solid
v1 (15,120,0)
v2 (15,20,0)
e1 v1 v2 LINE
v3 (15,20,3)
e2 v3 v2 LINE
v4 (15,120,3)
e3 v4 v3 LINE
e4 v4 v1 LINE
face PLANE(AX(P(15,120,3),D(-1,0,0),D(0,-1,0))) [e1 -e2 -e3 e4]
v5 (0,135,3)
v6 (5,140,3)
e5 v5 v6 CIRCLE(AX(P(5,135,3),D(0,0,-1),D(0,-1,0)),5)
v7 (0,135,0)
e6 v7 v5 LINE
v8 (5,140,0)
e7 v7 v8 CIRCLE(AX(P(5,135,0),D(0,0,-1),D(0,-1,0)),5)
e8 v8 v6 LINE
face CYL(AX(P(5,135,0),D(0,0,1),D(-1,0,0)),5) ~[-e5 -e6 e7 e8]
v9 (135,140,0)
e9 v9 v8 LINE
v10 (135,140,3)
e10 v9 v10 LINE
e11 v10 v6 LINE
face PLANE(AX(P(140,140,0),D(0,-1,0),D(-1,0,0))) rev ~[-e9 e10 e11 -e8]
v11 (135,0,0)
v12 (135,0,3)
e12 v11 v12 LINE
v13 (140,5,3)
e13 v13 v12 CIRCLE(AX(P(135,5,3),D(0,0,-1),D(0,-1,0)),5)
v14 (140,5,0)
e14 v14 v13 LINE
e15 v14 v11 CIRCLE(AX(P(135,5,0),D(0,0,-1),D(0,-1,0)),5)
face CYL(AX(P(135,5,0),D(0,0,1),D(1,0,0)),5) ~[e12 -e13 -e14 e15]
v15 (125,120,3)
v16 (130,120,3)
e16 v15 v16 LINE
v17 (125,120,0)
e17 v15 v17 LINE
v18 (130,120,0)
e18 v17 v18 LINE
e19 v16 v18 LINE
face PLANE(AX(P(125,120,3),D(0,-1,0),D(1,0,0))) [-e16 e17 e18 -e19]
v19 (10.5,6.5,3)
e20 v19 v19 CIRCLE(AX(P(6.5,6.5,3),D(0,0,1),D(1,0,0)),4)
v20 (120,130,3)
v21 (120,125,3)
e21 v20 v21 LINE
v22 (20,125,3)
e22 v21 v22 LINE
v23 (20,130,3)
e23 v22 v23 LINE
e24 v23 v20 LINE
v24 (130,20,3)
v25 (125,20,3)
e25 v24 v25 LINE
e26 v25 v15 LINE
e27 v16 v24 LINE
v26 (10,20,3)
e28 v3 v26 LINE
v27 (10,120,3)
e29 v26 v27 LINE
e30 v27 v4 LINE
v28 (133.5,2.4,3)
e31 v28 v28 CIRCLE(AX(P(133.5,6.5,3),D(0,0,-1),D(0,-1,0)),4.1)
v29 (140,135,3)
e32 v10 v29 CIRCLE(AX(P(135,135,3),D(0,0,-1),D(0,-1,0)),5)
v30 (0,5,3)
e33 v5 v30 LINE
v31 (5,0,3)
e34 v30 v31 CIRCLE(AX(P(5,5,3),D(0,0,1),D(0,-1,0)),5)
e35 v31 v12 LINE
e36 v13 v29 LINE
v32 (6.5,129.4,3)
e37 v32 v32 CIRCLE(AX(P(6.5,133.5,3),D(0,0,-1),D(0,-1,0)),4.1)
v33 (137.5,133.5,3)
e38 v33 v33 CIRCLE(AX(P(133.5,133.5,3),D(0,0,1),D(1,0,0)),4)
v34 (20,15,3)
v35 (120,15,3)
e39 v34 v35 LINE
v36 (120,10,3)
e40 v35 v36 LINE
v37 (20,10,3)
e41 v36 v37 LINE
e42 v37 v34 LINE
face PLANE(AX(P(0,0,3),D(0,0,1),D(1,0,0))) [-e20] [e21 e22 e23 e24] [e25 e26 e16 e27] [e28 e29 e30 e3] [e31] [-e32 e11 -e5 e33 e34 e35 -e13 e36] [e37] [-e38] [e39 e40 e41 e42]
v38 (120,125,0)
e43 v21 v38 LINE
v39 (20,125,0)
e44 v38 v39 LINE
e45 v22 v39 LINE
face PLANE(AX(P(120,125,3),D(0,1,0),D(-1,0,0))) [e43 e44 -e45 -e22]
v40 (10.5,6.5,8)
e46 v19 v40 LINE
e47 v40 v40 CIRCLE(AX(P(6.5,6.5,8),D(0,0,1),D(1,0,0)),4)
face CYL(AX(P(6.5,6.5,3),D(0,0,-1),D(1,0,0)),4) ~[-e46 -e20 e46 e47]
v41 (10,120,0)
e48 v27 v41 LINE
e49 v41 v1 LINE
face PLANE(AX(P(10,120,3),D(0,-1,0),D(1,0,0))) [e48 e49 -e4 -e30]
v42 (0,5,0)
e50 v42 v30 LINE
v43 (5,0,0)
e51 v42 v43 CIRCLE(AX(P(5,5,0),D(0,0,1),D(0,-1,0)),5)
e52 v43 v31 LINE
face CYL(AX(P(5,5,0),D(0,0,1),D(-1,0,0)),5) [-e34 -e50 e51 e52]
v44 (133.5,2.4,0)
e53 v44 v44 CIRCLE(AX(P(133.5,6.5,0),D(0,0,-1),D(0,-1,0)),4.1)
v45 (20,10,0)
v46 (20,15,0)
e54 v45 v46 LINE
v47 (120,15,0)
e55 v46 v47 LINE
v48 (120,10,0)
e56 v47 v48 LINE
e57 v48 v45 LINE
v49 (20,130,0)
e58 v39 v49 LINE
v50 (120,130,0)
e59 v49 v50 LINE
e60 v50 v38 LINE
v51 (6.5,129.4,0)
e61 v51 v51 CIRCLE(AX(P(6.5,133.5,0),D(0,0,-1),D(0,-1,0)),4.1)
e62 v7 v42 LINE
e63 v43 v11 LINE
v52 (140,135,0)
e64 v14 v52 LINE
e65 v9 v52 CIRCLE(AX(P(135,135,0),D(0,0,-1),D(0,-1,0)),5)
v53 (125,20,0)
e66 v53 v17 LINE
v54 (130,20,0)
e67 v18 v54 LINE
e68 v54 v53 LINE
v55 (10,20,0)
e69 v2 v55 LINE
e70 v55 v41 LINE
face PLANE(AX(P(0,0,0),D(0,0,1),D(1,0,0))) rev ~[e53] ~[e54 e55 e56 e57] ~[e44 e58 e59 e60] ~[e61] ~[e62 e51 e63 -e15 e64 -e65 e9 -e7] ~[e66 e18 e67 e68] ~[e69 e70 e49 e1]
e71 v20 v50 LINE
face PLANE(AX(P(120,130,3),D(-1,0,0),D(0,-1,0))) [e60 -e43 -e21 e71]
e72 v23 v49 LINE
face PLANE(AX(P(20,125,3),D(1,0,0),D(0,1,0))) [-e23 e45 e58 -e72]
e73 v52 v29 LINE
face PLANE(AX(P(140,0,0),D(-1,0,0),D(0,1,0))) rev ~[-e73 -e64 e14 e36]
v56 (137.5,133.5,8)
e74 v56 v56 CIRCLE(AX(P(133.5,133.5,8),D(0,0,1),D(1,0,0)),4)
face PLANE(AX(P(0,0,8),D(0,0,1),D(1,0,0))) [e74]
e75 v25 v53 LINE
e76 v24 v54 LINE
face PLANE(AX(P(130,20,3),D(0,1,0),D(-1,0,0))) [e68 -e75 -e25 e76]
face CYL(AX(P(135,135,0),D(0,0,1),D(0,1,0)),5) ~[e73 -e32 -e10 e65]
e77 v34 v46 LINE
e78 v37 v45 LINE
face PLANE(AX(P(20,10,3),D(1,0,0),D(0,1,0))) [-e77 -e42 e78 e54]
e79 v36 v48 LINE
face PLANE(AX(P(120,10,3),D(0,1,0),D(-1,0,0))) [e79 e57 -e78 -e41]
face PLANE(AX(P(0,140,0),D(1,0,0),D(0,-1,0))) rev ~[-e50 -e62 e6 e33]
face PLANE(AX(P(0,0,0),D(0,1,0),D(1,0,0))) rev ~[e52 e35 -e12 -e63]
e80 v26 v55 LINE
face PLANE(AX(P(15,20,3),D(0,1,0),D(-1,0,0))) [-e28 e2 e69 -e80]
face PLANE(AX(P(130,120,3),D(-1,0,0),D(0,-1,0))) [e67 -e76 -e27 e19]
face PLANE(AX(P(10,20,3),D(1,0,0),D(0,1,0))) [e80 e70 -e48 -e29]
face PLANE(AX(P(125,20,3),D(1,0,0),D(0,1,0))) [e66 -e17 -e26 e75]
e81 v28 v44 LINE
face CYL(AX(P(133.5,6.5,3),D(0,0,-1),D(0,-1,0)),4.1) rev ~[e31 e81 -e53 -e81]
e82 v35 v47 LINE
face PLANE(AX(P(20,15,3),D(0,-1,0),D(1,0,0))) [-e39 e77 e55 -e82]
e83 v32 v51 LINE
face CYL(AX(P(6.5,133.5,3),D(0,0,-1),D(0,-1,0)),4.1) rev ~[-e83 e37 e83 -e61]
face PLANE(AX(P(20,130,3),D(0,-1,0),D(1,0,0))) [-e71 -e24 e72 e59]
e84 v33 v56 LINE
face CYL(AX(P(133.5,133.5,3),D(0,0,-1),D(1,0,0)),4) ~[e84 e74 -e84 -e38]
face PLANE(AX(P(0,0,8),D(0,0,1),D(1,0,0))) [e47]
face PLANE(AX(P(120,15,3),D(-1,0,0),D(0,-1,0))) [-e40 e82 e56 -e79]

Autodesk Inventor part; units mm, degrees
ref_plane "YZ Plane" through (0, 0, 0) normal (1, 0, 0) x (0, 1, 0)
ref_plane "XZ Plane" through (0, 0, 0) normal (0, 1, 0) x (-1, 0, 0)
ref_plane "XY Plane" through (0, 0, 0) normal (0, 0, 1) x (1, 0, 0)
sketch "Sketch1" plane through (0, 0, 0) normal (0, 0, 1) x (1, 0, 0)
  line L0 (0, 0) -> (140, 0)
  line L1 (140, 0) -> (140, 140)
  line L2 (140, 140) -> (0, 140)
  line L3 (0, 140) -> (0, 0)
  dimension "d0" = 140
  dimension "d1" = 140
extrude "Extrusion1" add sketch "Sketch1" along normal blind 3
fillet "Fillet1" radius 5 4 edges at (140, 140, 1.5) (140, 0, 1.5) (0, 140, 1.5) (0, 0, 1.5)
sketch "Sketch4" plane through (0, 0, 3) normal (0, 0, 1) x (1, 0, 0)
  line L0 (135, 140) -> (5, 140) projected
  line L1 (0, 135) -> (0, 5) projected
  line L2 (140, 5) -> (140, 135) projected
  line L3 (5, 0) -> (135, 0) projected
  point P0 (0, 0)
  point P1 (6.5, 133.5)
  point P2 (133.5, 6.5)
  dimension "d30" = 6.5
  dimension "d31" = 6.5
  dimension "d34" = 6.5
  dimension "d35" = 6.5
hole "Hole2" at (133.5, 6.5, 3) at (6.5, 133.5, 3) direction (0, 0, -1) diameter 8.2 depth 15
sketch "Sketch5" plane through (0, 0, 3) normal (0, 0, 1) x (1, 0, 0)
  line L0 (20, 130) -> (120, 130)
  line L1 (120, 130) -> (120, 125)
  line L2 (120, 125) -> (20, 125)
  line L3 (20, 125) -> (20, 130)
  line L4 (135, 140) -> (5, 140) projected
  line L5 (140, 5) -> (140, 135) projected
  line L6 (20, 15) -> (120, 15)
  line L7 (120, 15) -> (120, 10)
  line L8 (120, 10) -> (20, 10)
  line L9 (20, 10) -> (20, 15)
  line L10 (5, 0) -> (135, 0) projected
  line L11 (10, 120) -> (15, 120)
  line L12 (15, 120) -> (15, 20)
  line L13 (15, 20) -> (10, 20)
  line L14 (10, 20) -> (10, 120)
  line L15 (0, 135) -> (0, 5) projected
  line L16 (125, 120) -> (130, 120)
  line L17 (130, 120) -> (130, 20)
  line L18 (130, 20) -> (125, 20)
  line L19 (125, 20) -> (125, 120)
  point P0 (0, 0)
  dimension "d45" = 10
  dimension "d46" = 5
  dimension "d47" = 20
  dimension "d48" = 100
  dimension "d49" = 100
  dimension "d50" = 5
  dimension "d51" = 20
  dimension "d52" = 10
  dimension "d53" = 5
  dimension "d54" = 100
  dimension "d55" = 20
  dimension "d56" = 10
  dimension "d57" = 5
  dimension "d58" = 100
  dimension "d59" = 10
  dimension "d60" = 20
extrude "Extrusion4" cut sketch "Sketch5" against normal blind 10
sketch "Sketch6" plane through (0, 0, 3) normal (0, 0, 1) x (1, 0, 0)
  circle A0 centre (6.5, 6.5) radius 4
  circle A1 centre (133.5, 133.5) radius 4
  line L0 (135, 140) -> (5, 140) projected
  line L1 (140, 5) -> (140, 135) projected
  line L2 (5, 0) -> (135, 0) projected
  line L3 (0, 135) -> (0, 5) projected
  point P0 (0, 0)
  dimension "d66" = 8
  dimension "d67" = 8
  dimension "d68" = 6.5
  dimension "d69" = 6.5
  dimension "d70" = 6.5
  dimension "d71" = 6.5
extrude "Extrusion5" add sketch "Sketch6" along normal blind 5
properties part number "Led deksel niet hub"
